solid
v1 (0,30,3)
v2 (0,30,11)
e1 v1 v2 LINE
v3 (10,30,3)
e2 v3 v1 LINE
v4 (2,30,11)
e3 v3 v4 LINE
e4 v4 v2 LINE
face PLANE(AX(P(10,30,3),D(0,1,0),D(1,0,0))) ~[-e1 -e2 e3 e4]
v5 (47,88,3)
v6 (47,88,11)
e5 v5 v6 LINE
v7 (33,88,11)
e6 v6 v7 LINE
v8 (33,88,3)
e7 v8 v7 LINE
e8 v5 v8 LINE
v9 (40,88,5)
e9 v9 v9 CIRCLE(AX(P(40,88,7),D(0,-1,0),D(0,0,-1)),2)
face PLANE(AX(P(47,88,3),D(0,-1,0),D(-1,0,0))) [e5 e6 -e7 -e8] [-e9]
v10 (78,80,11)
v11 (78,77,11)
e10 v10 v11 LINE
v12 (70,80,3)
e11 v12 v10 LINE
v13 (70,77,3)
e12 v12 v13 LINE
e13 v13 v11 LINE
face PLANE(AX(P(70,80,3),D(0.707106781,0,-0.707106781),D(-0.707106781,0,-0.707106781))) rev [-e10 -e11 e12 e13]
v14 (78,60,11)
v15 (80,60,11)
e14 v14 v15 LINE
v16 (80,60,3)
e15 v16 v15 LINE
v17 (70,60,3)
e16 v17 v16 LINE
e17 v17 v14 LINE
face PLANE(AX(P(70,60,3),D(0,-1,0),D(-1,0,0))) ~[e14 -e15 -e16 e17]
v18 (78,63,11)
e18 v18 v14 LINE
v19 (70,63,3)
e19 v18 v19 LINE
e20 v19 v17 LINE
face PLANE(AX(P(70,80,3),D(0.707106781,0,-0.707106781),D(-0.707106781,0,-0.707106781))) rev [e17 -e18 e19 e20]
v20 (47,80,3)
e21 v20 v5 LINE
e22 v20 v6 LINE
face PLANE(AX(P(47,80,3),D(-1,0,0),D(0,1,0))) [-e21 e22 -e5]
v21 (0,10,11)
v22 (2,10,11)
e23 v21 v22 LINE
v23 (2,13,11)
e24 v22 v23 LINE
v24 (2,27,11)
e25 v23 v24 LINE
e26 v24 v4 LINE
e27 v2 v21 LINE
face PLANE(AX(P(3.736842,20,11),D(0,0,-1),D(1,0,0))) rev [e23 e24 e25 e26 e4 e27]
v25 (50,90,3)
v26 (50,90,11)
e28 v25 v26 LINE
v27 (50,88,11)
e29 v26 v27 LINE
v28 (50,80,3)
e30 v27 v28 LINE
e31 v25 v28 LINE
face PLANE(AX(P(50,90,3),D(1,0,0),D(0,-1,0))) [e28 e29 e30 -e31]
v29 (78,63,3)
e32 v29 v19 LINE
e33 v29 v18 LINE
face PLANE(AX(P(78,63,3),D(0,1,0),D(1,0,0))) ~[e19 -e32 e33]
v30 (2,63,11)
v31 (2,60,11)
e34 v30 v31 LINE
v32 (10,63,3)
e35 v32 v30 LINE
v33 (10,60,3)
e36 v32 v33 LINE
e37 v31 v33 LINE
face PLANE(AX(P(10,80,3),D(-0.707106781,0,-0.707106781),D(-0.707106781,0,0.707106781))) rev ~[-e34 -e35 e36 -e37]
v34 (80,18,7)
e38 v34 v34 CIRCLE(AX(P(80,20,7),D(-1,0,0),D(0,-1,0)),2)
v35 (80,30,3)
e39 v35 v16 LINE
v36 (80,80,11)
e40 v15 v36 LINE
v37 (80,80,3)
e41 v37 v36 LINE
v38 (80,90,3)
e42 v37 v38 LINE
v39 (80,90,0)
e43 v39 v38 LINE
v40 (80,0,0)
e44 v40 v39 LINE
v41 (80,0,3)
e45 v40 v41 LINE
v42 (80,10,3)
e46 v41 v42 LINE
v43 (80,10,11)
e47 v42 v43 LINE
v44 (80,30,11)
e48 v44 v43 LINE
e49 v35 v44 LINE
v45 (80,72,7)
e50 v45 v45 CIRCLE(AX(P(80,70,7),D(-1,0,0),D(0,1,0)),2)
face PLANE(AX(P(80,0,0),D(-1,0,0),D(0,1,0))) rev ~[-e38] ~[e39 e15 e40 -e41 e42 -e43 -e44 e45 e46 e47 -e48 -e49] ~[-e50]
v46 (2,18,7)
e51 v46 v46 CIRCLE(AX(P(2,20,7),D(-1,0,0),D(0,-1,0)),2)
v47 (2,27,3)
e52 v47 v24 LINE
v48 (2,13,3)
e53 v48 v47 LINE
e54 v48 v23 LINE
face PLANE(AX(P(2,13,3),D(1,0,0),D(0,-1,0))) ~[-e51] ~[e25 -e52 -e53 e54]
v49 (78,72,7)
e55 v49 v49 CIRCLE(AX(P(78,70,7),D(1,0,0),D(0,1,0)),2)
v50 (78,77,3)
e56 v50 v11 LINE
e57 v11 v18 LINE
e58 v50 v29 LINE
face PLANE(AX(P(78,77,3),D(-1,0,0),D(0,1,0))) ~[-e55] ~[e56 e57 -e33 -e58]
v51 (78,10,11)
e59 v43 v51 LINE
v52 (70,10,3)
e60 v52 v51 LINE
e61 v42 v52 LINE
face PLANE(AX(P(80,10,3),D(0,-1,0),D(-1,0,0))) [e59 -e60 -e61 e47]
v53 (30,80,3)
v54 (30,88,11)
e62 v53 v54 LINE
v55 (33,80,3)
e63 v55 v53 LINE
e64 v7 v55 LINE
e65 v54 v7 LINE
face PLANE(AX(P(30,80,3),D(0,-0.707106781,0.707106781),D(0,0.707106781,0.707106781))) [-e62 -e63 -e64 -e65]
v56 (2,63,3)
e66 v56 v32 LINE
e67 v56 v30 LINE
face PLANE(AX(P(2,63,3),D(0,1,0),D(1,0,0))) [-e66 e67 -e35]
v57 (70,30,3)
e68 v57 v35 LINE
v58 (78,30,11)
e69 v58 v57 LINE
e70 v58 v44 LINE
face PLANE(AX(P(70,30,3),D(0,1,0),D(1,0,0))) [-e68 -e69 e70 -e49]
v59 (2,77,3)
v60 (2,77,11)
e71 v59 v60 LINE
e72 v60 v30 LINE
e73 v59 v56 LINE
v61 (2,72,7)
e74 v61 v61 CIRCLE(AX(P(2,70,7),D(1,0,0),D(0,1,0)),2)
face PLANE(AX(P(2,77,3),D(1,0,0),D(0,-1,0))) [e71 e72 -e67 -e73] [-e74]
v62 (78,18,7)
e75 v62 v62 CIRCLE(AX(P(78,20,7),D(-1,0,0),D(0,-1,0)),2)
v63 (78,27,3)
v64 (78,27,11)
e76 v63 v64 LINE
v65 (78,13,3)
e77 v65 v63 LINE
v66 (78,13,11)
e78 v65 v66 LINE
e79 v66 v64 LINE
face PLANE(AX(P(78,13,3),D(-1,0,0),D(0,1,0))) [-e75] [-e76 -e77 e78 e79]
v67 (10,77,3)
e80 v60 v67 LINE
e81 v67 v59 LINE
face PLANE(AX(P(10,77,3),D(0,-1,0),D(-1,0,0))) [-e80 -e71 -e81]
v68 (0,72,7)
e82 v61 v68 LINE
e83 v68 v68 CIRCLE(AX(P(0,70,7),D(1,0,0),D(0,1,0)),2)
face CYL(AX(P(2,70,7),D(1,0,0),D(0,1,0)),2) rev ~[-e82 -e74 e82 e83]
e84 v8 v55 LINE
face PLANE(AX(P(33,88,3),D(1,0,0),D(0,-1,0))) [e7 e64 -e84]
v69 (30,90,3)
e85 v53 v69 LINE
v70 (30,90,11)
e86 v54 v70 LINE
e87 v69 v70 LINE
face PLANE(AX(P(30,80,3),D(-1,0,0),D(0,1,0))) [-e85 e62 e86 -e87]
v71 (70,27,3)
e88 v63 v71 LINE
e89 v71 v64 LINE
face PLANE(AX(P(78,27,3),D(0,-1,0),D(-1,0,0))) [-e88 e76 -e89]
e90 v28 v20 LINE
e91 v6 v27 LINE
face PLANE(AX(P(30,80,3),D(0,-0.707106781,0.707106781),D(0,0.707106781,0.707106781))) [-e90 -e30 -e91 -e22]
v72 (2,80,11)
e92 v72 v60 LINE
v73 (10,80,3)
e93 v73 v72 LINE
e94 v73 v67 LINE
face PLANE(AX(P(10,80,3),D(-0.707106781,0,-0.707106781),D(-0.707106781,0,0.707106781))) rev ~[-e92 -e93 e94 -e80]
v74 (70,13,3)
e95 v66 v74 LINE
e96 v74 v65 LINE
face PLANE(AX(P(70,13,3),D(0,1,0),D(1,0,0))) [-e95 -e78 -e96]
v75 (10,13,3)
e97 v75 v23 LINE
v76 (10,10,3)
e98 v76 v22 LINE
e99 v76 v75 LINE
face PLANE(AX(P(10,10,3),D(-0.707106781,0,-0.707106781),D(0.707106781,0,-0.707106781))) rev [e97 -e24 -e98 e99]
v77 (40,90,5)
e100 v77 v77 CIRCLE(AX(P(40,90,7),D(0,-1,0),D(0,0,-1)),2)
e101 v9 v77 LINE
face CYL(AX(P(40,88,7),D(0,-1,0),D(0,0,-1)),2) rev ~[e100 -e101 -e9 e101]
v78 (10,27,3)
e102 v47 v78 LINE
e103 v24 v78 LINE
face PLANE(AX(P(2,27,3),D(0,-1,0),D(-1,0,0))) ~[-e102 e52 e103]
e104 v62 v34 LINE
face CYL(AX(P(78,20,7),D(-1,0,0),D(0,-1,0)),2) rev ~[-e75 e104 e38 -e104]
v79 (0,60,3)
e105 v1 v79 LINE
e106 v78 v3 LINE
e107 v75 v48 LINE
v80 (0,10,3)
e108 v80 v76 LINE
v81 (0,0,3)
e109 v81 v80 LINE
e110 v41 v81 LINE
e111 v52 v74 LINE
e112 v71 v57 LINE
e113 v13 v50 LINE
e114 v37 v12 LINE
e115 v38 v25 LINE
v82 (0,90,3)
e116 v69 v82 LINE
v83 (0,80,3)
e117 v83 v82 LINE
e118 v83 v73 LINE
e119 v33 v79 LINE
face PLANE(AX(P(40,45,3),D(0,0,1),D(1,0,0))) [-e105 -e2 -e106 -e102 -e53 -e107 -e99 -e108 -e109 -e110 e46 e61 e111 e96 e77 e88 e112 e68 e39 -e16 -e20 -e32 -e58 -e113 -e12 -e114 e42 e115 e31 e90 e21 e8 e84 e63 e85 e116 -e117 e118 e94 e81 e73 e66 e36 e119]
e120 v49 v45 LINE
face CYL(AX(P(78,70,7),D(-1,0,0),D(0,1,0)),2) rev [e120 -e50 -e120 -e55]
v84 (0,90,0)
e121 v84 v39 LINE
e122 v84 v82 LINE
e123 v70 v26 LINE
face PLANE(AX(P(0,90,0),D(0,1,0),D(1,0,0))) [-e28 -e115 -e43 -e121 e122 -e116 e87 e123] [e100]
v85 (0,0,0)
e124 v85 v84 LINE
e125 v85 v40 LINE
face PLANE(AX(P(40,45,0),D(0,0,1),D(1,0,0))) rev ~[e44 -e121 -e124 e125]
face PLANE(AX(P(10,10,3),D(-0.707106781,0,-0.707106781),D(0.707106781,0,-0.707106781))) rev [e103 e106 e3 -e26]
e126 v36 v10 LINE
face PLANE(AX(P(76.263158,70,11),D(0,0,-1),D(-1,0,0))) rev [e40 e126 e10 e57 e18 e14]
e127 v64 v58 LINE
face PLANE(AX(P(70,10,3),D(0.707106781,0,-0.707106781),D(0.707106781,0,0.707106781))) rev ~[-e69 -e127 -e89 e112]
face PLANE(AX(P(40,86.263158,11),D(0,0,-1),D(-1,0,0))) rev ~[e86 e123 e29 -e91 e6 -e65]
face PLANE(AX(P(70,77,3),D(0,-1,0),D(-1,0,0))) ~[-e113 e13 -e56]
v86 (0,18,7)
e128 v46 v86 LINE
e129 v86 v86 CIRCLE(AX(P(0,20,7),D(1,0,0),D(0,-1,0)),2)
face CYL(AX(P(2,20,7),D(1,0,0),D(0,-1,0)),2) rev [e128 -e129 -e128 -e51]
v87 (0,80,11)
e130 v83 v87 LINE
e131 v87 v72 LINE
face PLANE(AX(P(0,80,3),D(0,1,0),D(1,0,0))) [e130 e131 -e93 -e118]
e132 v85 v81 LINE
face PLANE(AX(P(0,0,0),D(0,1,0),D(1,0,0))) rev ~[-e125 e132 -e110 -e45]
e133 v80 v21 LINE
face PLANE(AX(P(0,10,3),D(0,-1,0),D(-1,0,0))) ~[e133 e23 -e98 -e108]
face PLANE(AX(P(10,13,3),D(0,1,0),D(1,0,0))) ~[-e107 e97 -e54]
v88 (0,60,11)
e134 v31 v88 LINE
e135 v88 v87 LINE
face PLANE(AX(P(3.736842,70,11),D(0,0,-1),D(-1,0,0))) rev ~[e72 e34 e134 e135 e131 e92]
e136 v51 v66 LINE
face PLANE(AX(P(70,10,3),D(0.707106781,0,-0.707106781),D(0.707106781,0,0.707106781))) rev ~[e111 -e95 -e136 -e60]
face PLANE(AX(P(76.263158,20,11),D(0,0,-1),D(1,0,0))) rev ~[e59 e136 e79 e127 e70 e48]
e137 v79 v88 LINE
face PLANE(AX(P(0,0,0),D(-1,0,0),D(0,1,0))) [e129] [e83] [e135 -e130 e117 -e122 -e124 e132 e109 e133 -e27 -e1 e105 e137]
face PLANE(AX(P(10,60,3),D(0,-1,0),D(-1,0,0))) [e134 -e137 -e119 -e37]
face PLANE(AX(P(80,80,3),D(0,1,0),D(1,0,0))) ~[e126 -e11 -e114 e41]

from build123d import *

# Parameters (mm, degrees)
SKETCH1_W               = 80
SKETCH1_H               = 90
BOSS_EXTRUDE1_DEPTH     = 3
BOSS_EXTRUDE2_DEPTH     = 8
CUT_EXTRUDE1_DEPTH      = 114.670576668
SKETCH6_R               = 2
CUT_EXTRUDE3_DEPTH      = 25
MIRROR5_COPY_1_DEPTH    = 8
MIRROR5_COPY_2_DEPTH    = 114.670576668
MIRROR5_COPY_3_SKETCH_R = 2
MIRROR5_COPY_3_DEPTH    = 25
BOSS_EXTRUDE3_DEPTH     = 8
CUT_EXTRUDE2_DEPTH      = 25
SKETCH7_R               = 2
CUT_EXTRUDE4_DEPTH      = 25


with BuildPart() as part:
    # Sketch1 → Boss-Extrude1 (new body)
    with BuildSketch(Plane.XY):
        with Locations((40, 45)):
            Rectangle(SKETCH1_W, SKETCH1_H)
    extrude(amount=BOSS_EXTRUDE1_DEPTH)

    # Sketch2 → Boss-Extrude2 (add)
    with BuildSketch(Plane.XY.offset(3)):
        Polygon((0, 80), (10, 80), (10, 77), (2, 77), (2, 63), (10, 63), (10, 60), (0, 60), align=None)
    boss_extrude2 = extrude(amount=BOSS_EXTRUDE2_DEPTH)

    # Sketch3 → Cut-Extrude1 (cut, through all)
    with BuildSketch(Plane(origin=(0, 80, 0), x_dir=(1, 0, 0), z_dir=(0, 1, 0))):
        Polygon((10, -3), (2, -11), (10, -11), align=None)
    cut_extrude1 = extrude(amount=-CUT_EXTRUDE1_DEPTH, mode=Mode.SUBTRACT)

    # Sketch6 → Cut-Extrude3 (cut)
    with BuildSketch(Plane(origin=(2, 0, 0), x_dir=(0, 0, -1), z_dir=(1, 0, 0))):
        with Locations(Location((-7, 70, 0), (0, 0, 90))):
            Circle(SKETCH6_R)
    cut_extrude3 = extrude(amount=-CUT_EXTRUDE3_DEPTH, mode=Mode.SUBTRACT)

    # Mirror4: Boss-Extrude2, Cut-Extrude1, Cut-Extrude3 across plane
    add(boss_extrude2.mirror(Plane(origin=(40, 0, 0), x_dir=(0, 0, 1), z_dir=(1, 0, 0))))
    add(cut_extrude1.mirror(Plane(origin=(40, 0, 0), x_dir=(0, 0, 1), z_dir=(1, 0, 0))), mode=Mode.SUBTRACT)
    add(cut_extrude3.mirror(Plane(origin=(40, 0, 0), x_dir=(0, 0, 1), z_dir=(1, 0, 0))), mode=Mode.SUBTRACT)

    # Mirror5: Boss-Extrude2, Cut-Extrude1, Cut-Extrude3 across plane
    add(boss_extrude2.mirror(Plane(origin=(0, 45, 0), x_dir=(0, 0, 1), z_dir=(0, -1, 0))))
    add(cut_extrude1.mirror(Plane(origin=(0, 45, 0), x_dir=(0, 0, 1), z_dir=(0, -1, 0))), mode=Mode.SUBTRACT)
    add(cut_extrude3.mirror(Plane(origin=(0, 45, 0), x_dir=(0, 0, 1), z_dir=(0, -1, 0))), mode=Mode.SUBTRACT)

    # Mirror5 copy 1 sketch → Mirror5 copy 1 (add)
    with BuildSketch(Plane(origin=(80, 90, 3), x_dir=(-1, 0, 0), z_dir=(0, 0, 1))):
        Polygon((0, 80), (10, 80), (10, 77), (2, 77), (2, 63), (10, 63), (10, 60), (0, 60), align=None)
    extrude(amount=MIRROR5_COPY_1_DEPTH)

    # Mirror5 copy 2 sketch → Mirror5 copy 2 (cut, through all)
    with BuildSketch(Plane(origin=(80, 10, 0), x_dir=(-1, 0, 0), z_dir=(0, -1, 0))):
        Polygon((10, -3), (2, -11), (10, -11), align=None)
    extrude(amount=-MIRROR5_COPY_2_DEPTH, mode=Mode.SUBTRACT)

    # Mirror5 copy 3 sketch → Mirror5 copy 3 (cut)
    with BuildSketch(Plane(origin=(78, 90, 0), x_dir=(0, 0, -1), z_dir=(-1, 0, 0))):
        with Locations(Location((-7, 70, 0), (0, 0, 90))):
            Circle(MIRROR5_COPY_3_SKETCH_R)
    extrude(amount=-MIRROR5_COPY_3_DEPTH, mode=Mode.SUBTRACT)

    # Sketch4 → Boss-Extrude3 (add)
    with BuildSketch(Plane.XY.offset(3)):
        Polygon((30, 90), (50, 90), (50, 80), (47, 80), (47, 88), (33, 88), (33, 80), (30, 80), align=None)
    extrude(amount=BOSS_EXTRUDE3_DEPTH)

    # Sketch5 → Cut-Extrude2 (cut)
    with BuildSketch(Plane.ZY.offset(-30)):
        Polygon((3, 80), (11, 88), (11, 80), align=None)
    extrude(amount=-CUT_EXTRUDE2_DEPTH, mode=Mode.SUBTRACT)

    # Sketch7 → Cut-Extrude4 (cut)
    with BuildSketch(Plane.XZ.offset(-88)):
        with Locations(Location((40, 7, 0), (0, 0, 270))):
            Circle(SKETCH7_R)
    extrude(amount=-CUT_EXTRUDE4_DEPTH, mode=Mode.SUBTRACT)


solid = part.part
